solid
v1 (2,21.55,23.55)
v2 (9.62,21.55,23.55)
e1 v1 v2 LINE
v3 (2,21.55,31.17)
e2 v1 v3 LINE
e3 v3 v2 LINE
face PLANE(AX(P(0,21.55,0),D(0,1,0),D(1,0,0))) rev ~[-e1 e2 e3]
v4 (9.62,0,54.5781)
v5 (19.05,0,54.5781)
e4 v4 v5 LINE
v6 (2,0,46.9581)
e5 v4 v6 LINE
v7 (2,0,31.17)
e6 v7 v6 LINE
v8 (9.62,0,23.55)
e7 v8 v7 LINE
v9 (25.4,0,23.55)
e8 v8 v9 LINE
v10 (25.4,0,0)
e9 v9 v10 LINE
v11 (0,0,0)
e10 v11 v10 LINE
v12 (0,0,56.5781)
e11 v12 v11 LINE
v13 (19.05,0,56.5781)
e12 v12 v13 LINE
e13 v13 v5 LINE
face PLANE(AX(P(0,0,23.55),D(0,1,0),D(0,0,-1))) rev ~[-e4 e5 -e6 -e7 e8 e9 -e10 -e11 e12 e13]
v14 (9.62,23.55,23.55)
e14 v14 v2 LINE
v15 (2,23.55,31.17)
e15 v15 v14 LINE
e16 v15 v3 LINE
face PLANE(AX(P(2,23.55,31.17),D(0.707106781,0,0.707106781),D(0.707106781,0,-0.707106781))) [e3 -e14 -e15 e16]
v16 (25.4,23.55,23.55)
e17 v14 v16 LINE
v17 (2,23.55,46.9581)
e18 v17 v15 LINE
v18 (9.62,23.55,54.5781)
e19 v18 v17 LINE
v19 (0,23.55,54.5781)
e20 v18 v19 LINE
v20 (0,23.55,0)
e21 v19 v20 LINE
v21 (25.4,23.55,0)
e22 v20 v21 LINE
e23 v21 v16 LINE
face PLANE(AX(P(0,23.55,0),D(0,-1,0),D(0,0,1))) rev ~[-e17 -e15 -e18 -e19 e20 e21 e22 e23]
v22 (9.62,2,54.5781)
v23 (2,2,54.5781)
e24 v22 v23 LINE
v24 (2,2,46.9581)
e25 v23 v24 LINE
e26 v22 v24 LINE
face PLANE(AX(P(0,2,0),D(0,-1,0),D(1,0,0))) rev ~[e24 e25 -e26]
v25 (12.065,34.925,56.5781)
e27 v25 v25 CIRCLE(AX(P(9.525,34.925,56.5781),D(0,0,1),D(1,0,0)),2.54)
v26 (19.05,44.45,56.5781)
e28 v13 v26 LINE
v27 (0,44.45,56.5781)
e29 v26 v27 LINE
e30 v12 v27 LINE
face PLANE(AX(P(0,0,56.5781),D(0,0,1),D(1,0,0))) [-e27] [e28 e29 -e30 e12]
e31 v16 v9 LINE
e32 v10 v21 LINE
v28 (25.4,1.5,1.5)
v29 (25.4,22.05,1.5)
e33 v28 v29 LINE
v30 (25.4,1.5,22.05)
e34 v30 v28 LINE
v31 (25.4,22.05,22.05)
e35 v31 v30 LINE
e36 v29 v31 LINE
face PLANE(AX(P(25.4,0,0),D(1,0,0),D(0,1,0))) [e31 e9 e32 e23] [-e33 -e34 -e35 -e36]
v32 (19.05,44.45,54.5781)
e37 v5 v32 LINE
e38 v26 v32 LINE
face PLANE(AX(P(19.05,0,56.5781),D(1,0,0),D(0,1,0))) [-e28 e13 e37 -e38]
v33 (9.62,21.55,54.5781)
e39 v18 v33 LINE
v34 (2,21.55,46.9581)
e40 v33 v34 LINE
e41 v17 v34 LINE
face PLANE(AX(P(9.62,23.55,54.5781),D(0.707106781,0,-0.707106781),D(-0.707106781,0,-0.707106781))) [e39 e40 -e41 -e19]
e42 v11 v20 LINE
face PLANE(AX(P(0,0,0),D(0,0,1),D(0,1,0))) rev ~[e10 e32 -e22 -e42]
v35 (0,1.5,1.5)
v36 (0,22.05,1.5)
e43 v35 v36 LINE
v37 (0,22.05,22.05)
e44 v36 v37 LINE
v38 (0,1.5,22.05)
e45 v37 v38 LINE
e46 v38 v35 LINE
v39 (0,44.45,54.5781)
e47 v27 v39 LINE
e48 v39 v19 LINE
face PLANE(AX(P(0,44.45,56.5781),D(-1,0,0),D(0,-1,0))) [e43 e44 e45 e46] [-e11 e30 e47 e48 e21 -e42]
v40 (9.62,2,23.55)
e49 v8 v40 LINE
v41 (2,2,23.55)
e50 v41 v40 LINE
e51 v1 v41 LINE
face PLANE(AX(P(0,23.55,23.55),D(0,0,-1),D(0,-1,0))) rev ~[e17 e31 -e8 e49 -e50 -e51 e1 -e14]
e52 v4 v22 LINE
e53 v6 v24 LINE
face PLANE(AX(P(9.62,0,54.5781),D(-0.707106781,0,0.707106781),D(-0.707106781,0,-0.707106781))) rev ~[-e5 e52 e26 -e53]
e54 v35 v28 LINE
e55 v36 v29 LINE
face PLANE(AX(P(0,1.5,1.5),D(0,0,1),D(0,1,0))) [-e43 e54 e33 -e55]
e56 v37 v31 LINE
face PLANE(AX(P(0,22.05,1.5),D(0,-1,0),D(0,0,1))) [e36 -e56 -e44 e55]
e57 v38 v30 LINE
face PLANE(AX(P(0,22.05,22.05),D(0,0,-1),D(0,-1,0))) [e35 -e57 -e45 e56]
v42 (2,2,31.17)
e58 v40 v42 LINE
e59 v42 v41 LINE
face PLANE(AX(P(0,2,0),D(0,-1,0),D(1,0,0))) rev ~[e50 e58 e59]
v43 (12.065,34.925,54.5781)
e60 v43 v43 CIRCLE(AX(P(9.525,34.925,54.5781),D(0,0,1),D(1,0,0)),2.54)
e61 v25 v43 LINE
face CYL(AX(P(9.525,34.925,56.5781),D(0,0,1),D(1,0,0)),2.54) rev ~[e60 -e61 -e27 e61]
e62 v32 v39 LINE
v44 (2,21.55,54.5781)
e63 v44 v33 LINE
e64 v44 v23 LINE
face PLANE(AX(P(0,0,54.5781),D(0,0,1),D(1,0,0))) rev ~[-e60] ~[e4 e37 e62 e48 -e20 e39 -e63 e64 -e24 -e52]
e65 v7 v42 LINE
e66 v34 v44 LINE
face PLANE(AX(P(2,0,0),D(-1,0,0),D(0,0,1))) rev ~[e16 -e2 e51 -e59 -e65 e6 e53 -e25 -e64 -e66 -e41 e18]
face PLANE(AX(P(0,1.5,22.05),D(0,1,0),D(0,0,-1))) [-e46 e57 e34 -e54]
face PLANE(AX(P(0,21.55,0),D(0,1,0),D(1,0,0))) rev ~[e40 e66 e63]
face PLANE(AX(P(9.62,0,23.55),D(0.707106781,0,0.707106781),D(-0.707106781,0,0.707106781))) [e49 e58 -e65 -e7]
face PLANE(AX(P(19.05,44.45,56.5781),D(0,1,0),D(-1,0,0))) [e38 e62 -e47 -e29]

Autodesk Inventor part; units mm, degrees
ref_plane "YZ Plane" through (0, 0, 0) normal (1, 0, 0) x (0, 1, 0)
ref_plane "XZ Plane" through (0, 0, 0) normal (0, 1, 0) x (-1, 0, 0)
ref_plane "XY Plane" through (0, 0, 0) normal (0, 0, 1) x (1, 0, 0)
sketch "Sketch2" plane through (0, 0, 0) normal (1, 0, 0) x (0, 1, 0)
  line L0 (0, 0) -> (23.55, 0)
  line L1 (23.55, 0) -> (23.55, 23.55)
  line L2 (23.55, 23.55) -> (0, 23.55)
  line L3 (0, 23.55) -> (0, 0)
  line L4 (1.5, 1.5) -> (22.05, 1.5)
  line L5 (22.05, 1.5) -> (22.05, 22.05)
  line L6 (22.05, 22.05) -> (1.5, 22.05)
  line L7 (1.5, 22.05) -> (1.5, 1.5)
  dimension "d0" = 1.5
  dimension "d1" = 1.5
  dimension "d2" = 1.5
  dimension "d3" = 1.5
  dimension "d4" = 20.55
  dimension "d5" = 20.55
  dimension "widthSqAlum" = 23.55
extrude "Extrusion1" add sketch "Sketch2" along normal blind 25.4
sketch "Sketch3" plane through (0, 0, 0) normal (-1, 0, 0) x (0, 0, 1)
  line L0 (23.55, 0) -> (56.5781, 0)
  line L1 (56.5781, 0) -> (56.5781, 23.55)
  line L2 (56.5781, 23.55) -> (23.55, 23.55)
  line L3 (23.55, 23.55) -> (23.55, 0)
  dimension "d8" = 33.0281
  dimension "d9" = 23.55
extrude "Extrusion2" add sketch "Sketch3" against normal blind 2
sketch "Sketch6" plane through (0, 0, 56.5781) normal (0, 0, 1) x (1, 0, 0)
  line L0 (0, 0) -> (0, 23.55) projected
  line L1 (0, 0) -> (2, 0) projected
  line L2 (2, 23.55) -> (2, 0) projected
  line L3 (0, 23.55) -> (2, 23.55) projected
  line L4 (0, 0) -> (19.05, 0)
  line L5 (19.05, 0) -> (19.05, 44.45)
  line L6 (19.05, 44.45) -> (0, 44.45)
  line L7 (0, 44.45) -> (0, 0)
  dimension "d21" = 44.45
  dimension "d22" = 19.05
extrude "Extrusion5" add sketch "Sketch6" against normal blind 2 contours L7 L6 L5 L4 L2 L3
sketch "Sketch7" plane through (0, 44.45, 56.5781) normal (0, 0, 1) x (1, 0, 0)
  line L0 (19.05, -44.45) -> (19.05, 0) projected
  line L1 (19.05, 0) -> (0, 0) projected
  circle A0 centre (9.525, -9.525) radius 2.54
  dimension "d25" = 5.08
  dimension "d26" = 9.525
  dimension "d27" = 9.525
extrude "Extrusion6" cut sketch "Sketch7" against normal up to next
sketch "Sketch10" plane through (0, 23.55, 0) normal (0, 1, 0) x (1, 0, 0)
  line L0 (2, -23.55) -> (2, -54.5781) projected
  line L1 (2, -23.55) -> (25.4, -23.55) projected
  line L2 (0, 0) -> (0, -54.5781) projected
  line L3 (2, -54.5781) -> (9.62, -54.5781)
  line L4 (9.62, -54.5781) -> (2, -46.9581)
  line L5 (2, -23.55) -> (9.62, -23.55)
  line L6 (2, -31.17) -> (9.62, -23.55)
  dimension "d30" = 7.62
  dimension "d31" = 45
  dimension "d32" = 7.62
  dimension "d33" = 45
extrude "Extrusion8" add sketch "Sketch10" against normal blind 2
sketch "Sketch11" plane through (0, 0, 0) normal (0, -1, 0) x (1, 0, 0)
  line L0 (2, 23.55) -> (25.4, 23.55) projected
  line L1 (2, 54.5781) -> (2, 23.55) projected
  line L2 (19.05, 54.5781) -> (2, 54.5781) projected
  line L3 (2, 54.5781) -> (9.62, 54.5781)
  line L4 (9.62, 54.5781) -> (2, 46.9581)
  line L5 (2, 23.55) -> (9.62, 23.55)
  line L6 (9.62, 23.55) -> (2, 31.17)
  dimension "d44" = 45
  dimension "d45" = 45
  dimension "d46" = 7.62
  dimension "d47" = 7.62
extrude "Extrusion9" add sketch "Sketch11" against normal blind 2
equation "\"d0\" = wallThicknessSqAlum"
equation "\"d1\" = wallThicknessSqAlum"
equation "\"d2\" = wallThicknessSqAlum"
equation "\"d3\" = wallThicknessSqAlum"
equation "\"d4\" = sqAlumWidth + sqAlumTolerance"
equation "\"d5\" = sqAlumWidth + sqAlumTolerance"
equation "\"d8\" = -cameraLensHeight + screwDistanceFromFront - wallThicknessSqAlum - 0.5 * sqAlumWidth"
equation "\"d9\" = widthSqAlum"
equation "\"d21\" = heightSqAlum + d22"
equation "\"d23\" = armWallThickness"
equation "\"d26\" = 0.5 * d22"
equation "\"d27\" = 0.5 * d22"
equation "\"d28\" = armWallThickness"
equation "\"d32\" = d30"
equation "\"d33\" = d31"
equation "\"d42\" = armWallThickness"
equation "\"d44\" = d31"
equation "\"d45\" = d31"
equation "\"d46\" = d30"
equation "\"d47\" = d30"
equation "\"d48\" = armWallThickness"
equation "\"sqAlumTolerance\" = 1.5"
equation "\"wallThicknessSqAlum\" = 1.5"
equation "\"sqAlumWidth\" = 19.05"
equation "\"cameraLensHeight\" = 31.75"
equation "\"screwDistanceFromFront\" = 75.803125"
equation "\"heightSqAlum\" = 25.4"
equation "\"armWallThickness\" = 2"
properties part number "cameraMount"
